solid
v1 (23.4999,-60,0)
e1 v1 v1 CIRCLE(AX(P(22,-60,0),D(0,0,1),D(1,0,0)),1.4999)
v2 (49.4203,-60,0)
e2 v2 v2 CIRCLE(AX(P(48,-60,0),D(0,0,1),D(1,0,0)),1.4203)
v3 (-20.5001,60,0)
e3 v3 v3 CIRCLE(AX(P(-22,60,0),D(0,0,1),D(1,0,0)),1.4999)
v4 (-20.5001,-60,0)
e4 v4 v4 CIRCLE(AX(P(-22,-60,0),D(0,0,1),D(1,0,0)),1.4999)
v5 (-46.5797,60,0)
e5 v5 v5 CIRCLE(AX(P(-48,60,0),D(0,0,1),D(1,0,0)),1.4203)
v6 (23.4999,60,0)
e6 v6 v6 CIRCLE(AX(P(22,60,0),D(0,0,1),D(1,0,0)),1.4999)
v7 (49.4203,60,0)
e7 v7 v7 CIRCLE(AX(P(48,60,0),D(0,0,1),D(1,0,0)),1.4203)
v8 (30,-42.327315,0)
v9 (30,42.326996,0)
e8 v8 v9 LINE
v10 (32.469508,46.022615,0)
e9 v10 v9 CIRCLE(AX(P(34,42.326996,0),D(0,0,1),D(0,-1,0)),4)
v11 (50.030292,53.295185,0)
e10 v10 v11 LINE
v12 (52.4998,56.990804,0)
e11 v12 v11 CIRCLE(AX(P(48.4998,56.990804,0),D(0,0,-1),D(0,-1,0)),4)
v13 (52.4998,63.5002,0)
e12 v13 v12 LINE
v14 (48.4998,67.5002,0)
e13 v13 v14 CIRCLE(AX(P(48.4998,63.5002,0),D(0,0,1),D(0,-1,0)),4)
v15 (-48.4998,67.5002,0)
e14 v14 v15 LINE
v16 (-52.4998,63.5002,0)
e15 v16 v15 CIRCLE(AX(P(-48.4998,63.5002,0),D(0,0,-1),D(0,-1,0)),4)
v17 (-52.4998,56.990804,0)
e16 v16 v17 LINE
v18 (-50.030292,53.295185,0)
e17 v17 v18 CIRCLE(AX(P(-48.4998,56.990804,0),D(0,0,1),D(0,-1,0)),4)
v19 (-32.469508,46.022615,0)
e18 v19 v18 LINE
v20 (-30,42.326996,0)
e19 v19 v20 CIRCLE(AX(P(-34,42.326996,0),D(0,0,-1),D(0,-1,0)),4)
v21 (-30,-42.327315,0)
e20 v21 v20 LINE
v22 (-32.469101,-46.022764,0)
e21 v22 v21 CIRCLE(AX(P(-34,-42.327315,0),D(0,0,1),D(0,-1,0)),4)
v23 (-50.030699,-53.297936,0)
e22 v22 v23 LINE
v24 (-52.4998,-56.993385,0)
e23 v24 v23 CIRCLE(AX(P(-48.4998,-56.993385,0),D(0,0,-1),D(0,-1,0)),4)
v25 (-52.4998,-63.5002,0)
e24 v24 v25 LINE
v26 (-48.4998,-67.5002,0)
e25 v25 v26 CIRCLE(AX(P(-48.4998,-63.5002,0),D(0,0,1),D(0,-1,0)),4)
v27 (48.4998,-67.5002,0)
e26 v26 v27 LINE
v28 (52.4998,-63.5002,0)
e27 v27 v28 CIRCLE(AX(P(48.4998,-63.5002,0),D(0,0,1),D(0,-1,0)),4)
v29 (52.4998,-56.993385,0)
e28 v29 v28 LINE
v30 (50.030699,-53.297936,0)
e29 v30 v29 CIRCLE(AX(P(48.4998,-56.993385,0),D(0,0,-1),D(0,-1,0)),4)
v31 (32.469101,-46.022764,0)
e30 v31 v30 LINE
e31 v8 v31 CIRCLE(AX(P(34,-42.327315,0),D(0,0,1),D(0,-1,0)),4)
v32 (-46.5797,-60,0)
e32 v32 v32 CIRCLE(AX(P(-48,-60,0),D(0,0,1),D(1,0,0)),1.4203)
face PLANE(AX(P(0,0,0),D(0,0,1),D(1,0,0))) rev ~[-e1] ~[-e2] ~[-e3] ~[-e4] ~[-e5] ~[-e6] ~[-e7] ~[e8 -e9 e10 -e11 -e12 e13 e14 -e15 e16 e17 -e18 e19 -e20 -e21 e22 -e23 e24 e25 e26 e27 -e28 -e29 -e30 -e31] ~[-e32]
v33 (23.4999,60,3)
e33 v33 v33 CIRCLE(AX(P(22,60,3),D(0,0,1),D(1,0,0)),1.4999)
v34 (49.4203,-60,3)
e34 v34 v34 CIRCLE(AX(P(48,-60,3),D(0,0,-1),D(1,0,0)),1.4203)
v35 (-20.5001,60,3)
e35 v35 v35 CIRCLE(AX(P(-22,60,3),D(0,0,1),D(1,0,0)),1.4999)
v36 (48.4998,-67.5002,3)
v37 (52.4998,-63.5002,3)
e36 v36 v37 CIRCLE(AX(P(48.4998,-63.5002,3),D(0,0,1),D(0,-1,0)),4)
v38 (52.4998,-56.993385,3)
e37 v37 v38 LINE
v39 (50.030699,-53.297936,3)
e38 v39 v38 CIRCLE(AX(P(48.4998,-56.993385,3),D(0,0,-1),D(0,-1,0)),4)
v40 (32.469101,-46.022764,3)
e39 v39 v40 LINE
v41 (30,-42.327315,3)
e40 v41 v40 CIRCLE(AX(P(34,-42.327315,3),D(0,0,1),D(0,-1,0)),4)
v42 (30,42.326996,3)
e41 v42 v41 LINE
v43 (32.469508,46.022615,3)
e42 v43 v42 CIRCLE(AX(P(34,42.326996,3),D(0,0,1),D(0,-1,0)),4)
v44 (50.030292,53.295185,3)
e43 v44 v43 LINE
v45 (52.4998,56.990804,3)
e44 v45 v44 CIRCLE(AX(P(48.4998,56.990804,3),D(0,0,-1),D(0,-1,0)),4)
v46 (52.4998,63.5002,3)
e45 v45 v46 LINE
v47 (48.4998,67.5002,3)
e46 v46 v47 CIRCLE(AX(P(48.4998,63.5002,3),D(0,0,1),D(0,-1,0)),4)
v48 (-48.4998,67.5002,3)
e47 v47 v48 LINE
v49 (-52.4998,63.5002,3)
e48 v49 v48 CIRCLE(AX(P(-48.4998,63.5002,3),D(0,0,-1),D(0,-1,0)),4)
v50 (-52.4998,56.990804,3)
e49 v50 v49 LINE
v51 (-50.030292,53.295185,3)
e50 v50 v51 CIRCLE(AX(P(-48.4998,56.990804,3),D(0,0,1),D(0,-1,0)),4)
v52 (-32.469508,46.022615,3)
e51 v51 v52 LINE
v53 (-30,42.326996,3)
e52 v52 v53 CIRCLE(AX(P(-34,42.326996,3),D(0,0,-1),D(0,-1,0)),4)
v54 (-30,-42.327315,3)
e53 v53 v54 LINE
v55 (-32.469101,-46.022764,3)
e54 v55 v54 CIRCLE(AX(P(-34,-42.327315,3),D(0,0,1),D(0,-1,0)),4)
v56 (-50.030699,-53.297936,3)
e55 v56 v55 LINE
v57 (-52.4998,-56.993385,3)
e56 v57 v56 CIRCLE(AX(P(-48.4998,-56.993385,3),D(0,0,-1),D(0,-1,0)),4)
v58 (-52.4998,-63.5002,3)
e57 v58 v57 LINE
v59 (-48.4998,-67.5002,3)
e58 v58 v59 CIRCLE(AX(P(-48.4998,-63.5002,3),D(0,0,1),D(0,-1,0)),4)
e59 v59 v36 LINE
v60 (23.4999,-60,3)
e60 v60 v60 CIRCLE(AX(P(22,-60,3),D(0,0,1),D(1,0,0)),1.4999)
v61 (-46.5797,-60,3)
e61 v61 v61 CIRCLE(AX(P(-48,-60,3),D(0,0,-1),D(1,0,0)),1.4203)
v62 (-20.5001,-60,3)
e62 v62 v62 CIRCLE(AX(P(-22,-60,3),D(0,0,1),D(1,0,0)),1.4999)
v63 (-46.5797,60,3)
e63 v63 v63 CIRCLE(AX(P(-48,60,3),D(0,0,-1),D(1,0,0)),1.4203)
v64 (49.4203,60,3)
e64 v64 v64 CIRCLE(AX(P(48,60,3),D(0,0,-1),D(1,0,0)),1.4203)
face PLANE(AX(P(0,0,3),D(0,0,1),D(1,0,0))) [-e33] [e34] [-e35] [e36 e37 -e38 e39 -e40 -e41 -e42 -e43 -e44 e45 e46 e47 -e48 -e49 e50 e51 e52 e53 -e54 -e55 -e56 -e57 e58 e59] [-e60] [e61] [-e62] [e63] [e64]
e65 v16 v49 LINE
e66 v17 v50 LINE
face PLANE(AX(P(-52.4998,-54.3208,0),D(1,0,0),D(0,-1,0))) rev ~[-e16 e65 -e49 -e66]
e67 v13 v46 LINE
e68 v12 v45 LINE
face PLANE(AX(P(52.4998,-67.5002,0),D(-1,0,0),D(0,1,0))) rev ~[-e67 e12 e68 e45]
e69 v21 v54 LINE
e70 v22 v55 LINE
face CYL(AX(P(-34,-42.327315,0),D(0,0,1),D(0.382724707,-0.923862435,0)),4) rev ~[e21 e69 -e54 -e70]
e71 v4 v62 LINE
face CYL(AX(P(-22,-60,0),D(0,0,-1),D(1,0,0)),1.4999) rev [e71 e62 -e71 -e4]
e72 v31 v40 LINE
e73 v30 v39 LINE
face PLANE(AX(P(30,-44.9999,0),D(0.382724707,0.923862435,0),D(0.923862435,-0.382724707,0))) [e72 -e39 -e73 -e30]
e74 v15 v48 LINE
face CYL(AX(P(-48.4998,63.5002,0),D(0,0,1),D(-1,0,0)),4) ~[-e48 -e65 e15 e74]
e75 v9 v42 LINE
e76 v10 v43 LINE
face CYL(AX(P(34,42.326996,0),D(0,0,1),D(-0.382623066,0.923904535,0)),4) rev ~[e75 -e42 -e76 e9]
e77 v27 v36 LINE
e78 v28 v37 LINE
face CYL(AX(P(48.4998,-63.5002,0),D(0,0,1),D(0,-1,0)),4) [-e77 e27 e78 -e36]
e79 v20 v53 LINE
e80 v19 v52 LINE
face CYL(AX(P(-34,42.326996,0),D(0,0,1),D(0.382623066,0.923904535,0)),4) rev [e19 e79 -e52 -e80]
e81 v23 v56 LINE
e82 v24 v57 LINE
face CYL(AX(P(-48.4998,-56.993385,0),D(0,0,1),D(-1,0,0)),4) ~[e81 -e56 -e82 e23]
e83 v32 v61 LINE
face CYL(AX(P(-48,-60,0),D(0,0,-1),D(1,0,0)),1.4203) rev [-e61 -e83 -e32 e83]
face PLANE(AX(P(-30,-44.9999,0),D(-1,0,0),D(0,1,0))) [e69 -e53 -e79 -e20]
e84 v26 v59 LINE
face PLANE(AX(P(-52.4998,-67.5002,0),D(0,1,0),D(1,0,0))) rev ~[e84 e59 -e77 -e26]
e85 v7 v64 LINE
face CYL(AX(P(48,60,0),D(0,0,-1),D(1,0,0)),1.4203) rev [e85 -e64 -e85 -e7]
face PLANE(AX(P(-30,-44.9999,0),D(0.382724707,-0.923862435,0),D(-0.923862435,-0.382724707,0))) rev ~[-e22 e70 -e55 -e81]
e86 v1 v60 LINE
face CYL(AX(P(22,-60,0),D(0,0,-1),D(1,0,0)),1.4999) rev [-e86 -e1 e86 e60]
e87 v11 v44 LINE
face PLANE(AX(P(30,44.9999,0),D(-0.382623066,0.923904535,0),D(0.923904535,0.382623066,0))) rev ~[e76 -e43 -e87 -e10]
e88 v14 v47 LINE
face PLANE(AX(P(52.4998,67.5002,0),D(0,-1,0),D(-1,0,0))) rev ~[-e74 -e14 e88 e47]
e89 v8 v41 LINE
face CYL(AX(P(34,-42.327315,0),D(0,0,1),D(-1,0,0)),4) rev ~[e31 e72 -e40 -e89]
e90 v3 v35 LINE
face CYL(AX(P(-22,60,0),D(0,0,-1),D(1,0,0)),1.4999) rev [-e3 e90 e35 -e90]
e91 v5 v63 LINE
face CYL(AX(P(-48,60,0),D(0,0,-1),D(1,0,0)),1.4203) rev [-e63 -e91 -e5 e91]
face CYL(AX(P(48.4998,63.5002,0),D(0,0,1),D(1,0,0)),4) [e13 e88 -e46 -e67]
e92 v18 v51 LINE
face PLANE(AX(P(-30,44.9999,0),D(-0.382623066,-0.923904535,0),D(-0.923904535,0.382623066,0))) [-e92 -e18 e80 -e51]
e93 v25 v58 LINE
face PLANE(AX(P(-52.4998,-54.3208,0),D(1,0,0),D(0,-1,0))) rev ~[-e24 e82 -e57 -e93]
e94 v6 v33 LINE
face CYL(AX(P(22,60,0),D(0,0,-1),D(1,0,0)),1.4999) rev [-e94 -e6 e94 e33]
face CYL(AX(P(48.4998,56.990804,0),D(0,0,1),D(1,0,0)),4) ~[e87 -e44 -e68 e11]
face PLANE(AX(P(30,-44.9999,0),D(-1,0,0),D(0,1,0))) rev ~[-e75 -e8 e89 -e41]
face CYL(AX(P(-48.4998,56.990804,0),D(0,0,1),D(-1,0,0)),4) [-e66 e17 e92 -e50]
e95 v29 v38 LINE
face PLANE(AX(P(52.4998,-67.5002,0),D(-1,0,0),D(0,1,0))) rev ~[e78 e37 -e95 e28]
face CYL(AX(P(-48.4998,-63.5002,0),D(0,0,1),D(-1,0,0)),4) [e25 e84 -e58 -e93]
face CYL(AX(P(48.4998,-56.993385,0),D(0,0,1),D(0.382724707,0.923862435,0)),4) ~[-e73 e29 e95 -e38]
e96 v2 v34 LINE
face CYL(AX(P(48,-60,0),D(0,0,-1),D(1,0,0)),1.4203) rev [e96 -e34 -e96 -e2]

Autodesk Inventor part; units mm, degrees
ref_plane "YZ Plane" through (0, 0, 0) normal (1, 0, 0) x (0, 1, 0)
ref_plane "XZ Plane" through (0, 0, 0) normal (0, 1, 0) x (-1, 0, 0)
ref_plane "XY Plane" through (0, 0, 0) normal (0, 0, 1) x (1, 0, 0)
sketch "Sketch1" plane through (0, 0, 0) normal (0, 0, 1) x (1, 0, 0)
  point P0 (0, 0)
sketch "Sketch2" plane through (0, 0, 0) normal (0, 0, 1) x (1, 0, 0)
  line L0 (-52.4998, -67.5002) -> (52.4998, -67.5002)
  line L1 (52.4998, -67.5002) -> (52.4998, 67.5002)
  line L2 (52.4998, 67.5002) -> (-52.4998, 67.5002)
  line L3 (-52.4998, 67.5002) -> (-52.4998, -67.5002)
  circle A0 centre (22, 60) radius 1.4999
  circle A1 centre (-22, 60) radius 1.4999
  circle A2 centre (22, -60) radius 1.4999
  circle A3 centre (-22, -60) radius 1.4999
  line L4 (0, -44.9999) -> (0, 44.9999)
  line L5 (30, -44.9999) -> (30, 44.9999)
  line L6 (30, 44.9999) -> (52.4998, 54.3179)
  line L7 (30, -44.9999) -> (52.4998, -54.3208)
  line L8 (-30, -44.9999) -> (-30, 44.9999)
  line L9 (-30, 44.9999) -> (-52.4998, 54.3179)
  line L10 (-30, -44.9999) -> (-52.4998, -54.3208)
  circle A4 centre (0, 0) radius 1.4203
  circle A5 centre (48, 60) radius 1.4203
  circle A6 centre (-48, 60) radius 1.4203
  circle A7 centre (48, -60) radius 1.4203
  circle A8 centre (-48, -60) radius 1.4203
extrude "Extrusion3" add sketch "Sketch2" along normal blind 3 contours L3 L10 L8 L9 L2 L1 L6 L5 L7 L0 | L3 L9 L8 L10 | L7 L5 L6 L1 | A4 L4 | L4 A4 | A5 | A6 | A7 | A8
fillet "Fillet4" radius 4 4 edges at (-52.4998, 67.5002, 1.5) (52.4998, 67.5002, 1.5) (52.4998, -67.5002, 1.5) (-52.4998, -67.5002, 1.5)
extrude "Extrusion4" cut sketch "Sketch2" along normal blind 10 contours L3 L9 L8 L10 | L7 L5 L6 L1
fillet "Fillet5" radius 4 8 edges at (52.4998, 54.3179, 1.5) (30, 44.9999, 1.5) (-30, 44.9999, 1.5) (-52.4998, 54.3179, 1.5) (-30, -44.9999, 1.5) (-52.4998, -54.3208, 1.5) (30, -44.9999, 1.5) (52.4998, -54.3208, 1.5)
extrude "Extrusion5" cut sketch "Sketch2" along normal blind 10 contours A5 | A6 | A7 | A8
properties part number "Controller - Power Board v2"
